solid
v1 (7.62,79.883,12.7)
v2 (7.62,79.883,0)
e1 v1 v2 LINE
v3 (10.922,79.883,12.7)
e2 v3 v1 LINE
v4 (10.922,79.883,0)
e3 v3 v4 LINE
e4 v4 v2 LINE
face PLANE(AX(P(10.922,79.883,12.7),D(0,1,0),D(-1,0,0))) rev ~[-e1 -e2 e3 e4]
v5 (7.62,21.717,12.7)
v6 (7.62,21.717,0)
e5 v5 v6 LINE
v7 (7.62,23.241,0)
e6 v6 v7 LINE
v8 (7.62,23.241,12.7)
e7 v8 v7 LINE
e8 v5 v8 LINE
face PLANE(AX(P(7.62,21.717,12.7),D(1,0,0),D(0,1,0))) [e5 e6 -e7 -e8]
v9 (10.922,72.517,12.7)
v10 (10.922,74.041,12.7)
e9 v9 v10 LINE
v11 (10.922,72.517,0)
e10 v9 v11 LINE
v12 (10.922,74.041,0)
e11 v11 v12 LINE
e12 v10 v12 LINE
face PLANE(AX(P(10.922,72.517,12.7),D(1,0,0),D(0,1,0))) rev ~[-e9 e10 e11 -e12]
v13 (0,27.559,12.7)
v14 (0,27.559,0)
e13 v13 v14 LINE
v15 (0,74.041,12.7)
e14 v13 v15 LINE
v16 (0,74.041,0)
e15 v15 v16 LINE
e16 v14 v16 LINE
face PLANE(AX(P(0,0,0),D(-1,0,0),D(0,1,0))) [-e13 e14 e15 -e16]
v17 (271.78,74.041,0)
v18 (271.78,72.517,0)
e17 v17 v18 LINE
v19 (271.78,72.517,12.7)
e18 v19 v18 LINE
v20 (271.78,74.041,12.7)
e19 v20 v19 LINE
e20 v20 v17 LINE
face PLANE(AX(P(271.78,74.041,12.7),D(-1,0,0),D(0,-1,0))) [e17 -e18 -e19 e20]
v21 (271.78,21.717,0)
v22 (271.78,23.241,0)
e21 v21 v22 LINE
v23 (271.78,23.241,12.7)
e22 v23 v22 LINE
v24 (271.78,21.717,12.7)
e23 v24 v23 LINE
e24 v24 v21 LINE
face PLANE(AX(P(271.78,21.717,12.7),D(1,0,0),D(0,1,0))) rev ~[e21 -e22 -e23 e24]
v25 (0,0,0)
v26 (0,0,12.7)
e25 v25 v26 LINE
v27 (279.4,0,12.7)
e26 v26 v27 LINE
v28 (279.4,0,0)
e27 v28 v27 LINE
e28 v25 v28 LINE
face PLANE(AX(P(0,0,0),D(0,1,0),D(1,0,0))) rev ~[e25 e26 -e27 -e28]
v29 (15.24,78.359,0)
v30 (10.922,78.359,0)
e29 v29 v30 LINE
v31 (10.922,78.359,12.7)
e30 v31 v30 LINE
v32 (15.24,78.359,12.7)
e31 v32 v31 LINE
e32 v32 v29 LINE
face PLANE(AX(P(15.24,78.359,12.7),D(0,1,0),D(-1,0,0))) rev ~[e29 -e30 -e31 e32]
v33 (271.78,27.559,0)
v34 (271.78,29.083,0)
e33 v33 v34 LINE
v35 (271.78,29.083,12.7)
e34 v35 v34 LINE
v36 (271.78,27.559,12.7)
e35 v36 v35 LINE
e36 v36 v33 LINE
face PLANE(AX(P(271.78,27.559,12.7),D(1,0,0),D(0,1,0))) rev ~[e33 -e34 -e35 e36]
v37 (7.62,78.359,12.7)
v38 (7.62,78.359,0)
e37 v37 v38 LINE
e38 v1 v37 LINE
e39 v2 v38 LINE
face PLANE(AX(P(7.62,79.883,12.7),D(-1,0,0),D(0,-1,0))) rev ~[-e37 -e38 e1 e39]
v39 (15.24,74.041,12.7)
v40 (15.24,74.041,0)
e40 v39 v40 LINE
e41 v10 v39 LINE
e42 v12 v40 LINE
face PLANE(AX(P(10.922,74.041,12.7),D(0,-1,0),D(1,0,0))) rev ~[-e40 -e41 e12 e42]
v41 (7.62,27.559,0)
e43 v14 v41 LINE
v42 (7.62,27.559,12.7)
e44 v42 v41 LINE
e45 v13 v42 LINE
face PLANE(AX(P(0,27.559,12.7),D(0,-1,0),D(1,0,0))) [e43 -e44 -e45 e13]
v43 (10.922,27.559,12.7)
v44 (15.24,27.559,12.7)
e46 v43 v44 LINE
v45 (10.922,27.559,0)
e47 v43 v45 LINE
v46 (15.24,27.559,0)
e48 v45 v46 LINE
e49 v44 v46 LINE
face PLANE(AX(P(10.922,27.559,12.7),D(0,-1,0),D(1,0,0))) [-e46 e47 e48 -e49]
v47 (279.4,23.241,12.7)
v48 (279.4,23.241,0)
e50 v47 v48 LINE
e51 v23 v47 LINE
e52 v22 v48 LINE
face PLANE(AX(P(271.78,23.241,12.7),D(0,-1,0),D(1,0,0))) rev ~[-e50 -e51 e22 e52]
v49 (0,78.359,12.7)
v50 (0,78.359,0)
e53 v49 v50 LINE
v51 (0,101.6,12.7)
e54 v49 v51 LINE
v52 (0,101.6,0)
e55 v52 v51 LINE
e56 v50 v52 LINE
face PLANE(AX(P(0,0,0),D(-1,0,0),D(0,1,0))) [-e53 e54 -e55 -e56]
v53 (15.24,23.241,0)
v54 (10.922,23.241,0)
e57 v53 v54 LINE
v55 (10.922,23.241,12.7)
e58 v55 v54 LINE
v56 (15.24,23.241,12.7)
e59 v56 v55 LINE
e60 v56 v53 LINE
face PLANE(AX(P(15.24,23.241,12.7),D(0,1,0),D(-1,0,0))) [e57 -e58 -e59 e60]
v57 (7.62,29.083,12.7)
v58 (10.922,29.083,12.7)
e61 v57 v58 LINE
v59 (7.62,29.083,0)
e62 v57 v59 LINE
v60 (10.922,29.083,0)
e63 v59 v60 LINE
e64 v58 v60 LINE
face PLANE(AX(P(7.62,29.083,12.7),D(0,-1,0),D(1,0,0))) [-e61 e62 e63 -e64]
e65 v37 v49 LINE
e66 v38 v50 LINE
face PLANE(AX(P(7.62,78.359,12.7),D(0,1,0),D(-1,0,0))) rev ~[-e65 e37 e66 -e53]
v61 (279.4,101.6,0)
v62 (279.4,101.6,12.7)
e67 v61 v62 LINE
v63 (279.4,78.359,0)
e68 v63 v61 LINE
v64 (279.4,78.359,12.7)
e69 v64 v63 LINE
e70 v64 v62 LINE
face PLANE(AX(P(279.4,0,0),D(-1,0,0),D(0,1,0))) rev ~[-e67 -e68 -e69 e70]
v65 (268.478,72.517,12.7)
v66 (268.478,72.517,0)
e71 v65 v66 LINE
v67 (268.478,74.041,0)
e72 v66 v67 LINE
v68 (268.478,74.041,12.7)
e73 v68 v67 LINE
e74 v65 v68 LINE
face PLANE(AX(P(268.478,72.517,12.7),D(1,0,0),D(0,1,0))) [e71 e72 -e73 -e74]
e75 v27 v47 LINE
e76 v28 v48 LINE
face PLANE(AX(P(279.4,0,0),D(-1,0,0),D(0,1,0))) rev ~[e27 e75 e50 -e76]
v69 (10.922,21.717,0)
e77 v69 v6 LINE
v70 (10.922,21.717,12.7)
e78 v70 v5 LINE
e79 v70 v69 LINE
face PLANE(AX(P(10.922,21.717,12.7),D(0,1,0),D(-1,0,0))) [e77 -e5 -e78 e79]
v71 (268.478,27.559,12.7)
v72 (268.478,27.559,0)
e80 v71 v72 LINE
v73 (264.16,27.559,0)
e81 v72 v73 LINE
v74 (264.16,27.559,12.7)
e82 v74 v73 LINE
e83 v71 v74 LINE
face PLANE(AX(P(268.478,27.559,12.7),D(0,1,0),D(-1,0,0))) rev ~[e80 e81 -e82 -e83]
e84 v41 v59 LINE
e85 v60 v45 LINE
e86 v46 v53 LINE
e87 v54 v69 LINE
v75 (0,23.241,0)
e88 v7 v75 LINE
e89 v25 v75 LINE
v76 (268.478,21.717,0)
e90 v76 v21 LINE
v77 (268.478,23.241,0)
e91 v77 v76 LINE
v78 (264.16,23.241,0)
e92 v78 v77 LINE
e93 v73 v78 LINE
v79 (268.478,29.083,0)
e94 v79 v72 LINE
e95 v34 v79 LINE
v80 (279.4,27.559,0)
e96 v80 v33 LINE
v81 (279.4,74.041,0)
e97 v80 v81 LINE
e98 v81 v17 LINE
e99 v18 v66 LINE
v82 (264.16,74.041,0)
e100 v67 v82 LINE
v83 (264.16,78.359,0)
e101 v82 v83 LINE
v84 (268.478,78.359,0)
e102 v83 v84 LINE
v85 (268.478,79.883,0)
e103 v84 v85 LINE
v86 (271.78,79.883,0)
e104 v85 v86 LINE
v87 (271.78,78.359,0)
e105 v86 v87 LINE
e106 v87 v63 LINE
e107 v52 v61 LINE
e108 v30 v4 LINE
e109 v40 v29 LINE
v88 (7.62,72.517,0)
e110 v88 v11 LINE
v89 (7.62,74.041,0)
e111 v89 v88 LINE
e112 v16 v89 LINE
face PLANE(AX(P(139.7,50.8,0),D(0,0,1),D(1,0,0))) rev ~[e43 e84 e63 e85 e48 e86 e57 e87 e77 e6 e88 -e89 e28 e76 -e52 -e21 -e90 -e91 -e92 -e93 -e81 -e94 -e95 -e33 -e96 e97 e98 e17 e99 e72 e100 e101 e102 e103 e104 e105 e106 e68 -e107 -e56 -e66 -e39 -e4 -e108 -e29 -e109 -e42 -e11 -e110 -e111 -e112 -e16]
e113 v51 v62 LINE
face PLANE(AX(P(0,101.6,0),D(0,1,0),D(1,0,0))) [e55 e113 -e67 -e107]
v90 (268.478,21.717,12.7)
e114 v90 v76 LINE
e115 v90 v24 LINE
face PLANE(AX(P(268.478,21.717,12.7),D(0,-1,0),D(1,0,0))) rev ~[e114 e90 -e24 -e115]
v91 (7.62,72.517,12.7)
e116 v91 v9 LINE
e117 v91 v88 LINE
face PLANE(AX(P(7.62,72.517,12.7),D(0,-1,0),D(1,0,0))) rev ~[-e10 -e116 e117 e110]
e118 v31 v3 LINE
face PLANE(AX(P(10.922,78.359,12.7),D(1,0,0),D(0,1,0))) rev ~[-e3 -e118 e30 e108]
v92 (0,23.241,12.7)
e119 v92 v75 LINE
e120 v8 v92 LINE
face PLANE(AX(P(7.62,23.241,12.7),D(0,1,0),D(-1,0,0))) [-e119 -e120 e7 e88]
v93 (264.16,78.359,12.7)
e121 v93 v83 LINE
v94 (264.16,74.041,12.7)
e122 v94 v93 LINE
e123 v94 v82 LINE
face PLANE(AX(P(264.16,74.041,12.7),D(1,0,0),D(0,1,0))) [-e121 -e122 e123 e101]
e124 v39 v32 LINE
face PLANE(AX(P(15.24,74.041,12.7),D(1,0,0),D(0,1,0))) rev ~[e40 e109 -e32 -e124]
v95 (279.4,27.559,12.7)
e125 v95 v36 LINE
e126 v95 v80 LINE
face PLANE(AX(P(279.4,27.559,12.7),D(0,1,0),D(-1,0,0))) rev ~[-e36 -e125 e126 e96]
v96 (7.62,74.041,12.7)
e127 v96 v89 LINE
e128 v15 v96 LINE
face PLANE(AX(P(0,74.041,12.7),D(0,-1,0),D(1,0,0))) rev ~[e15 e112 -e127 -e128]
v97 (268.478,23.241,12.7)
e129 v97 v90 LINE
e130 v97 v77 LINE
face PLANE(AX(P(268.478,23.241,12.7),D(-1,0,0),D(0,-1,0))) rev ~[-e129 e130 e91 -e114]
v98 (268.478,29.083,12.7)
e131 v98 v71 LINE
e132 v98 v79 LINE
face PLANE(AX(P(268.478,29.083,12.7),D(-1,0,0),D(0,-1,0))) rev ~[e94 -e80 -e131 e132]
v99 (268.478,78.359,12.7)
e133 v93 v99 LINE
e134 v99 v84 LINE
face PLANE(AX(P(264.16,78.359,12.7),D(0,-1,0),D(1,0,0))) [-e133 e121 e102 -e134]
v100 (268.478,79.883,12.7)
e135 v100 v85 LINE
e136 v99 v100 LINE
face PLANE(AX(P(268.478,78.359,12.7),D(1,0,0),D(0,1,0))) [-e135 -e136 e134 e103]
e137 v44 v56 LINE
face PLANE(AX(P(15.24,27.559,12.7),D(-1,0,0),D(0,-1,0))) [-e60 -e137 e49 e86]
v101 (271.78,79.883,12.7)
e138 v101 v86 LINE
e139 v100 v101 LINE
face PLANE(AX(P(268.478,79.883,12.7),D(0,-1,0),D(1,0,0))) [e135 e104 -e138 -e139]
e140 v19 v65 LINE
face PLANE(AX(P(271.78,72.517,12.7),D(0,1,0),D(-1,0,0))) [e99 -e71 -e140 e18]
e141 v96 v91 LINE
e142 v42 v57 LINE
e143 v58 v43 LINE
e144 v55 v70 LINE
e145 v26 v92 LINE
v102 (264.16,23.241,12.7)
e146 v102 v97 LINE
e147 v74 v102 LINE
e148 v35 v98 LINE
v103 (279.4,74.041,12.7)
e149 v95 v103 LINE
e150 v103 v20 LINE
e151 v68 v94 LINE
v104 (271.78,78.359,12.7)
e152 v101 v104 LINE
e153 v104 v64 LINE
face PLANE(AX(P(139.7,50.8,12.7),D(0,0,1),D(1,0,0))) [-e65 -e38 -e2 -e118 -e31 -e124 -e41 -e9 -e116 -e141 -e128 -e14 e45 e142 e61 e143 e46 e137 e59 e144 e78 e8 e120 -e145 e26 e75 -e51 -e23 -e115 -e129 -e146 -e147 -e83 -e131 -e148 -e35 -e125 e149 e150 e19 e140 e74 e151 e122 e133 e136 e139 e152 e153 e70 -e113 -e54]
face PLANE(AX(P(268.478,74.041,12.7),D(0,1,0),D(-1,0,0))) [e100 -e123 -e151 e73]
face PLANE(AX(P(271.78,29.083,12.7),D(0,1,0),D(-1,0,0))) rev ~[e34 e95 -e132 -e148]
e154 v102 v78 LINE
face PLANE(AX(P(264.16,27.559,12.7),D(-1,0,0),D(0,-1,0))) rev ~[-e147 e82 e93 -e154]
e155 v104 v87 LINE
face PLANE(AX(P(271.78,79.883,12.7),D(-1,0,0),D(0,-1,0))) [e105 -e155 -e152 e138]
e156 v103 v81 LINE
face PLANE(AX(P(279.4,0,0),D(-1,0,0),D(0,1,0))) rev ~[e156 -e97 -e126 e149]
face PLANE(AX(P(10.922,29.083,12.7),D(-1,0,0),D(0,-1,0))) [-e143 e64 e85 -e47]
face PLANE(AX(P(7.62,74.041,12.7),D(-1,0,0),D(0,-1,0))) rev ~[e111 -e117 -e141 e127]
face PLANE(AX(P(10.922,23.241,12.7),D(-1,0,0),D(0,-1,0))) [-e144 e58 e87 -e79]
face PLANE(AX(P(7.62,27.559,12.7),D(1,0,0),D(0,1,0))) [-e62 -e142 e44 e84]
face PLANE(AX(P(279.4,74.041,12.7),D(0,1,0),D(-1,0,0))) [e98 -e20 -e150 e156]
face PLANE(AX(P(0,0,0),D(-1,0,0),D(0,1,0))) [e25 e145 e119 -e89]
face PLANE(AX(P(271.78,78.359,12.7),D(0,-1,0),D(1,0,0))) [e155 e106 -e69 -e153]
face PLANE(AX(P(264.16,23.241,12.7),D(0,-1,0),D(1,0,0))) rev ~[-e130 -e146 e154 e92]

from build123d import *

# Parameters (mm, degrees)
SKETCH1_W           = 279.4
SKETCH1_H           = 101.6
BOSS_EXTRUDE1_DEPTH = 12.7
CUT_EXTRUDE1_DEPTH  = 298.570512652


with BuildPart() as part:
    # Sketch1 → Boss-Extrude1 (new body)
    with BuildSketch(Plane.XY):
        with Locations((139.7, 50.8)):
            Rectangle(SKETCH1_W, SKETCH1_H)
    extrude(amount=BOSS_EXTRUDE1_DEPTH)

    # Sketch2 → Cut-Extrude1 (cut, through all)
    with BuildSketch(Plane.XY.offset(12.7)):
        Polygon((279.4, 78.359), (279.4, 74.041), (271.78, 74.041), (271.78, 72.517), (268.478, 72.517), (268.478, 74.041), (264.16, 74.041), (264.16, 78.359), (268.478, 78.359), (268.478, 79.883), (271.78, 79.883), (271.78, 78.359), align=None)
        Polygon((271.78, 23.241), (279.4, 23.241), (279.4, 27.559), (271.78, 27.559), (271.78, 29.083), (268.478, 29.083), (268.478, 27.559), (264.16, 27.559), (264.16, 23.241), (268.478, 23.241), (268.478, 21.717), (271.78, 21.717), align=None)
        Polygon((0, 23.241), (0, 27.559), (7.62, 27.559), (7.62, 29.083), (10.922, 29.083), (10.922, 27.559), (15.24, 27.559), (15.24, 23.241), (10.922, 23.241), (10.922, 21.717), (7.62, 21.717), (7.62, 23.241), align=None)
        Polygon((7.62, 78.359), (0, 78.359), (0, 74.041), (7.62, 74.041), (7.62, 72.517), (10.922, 72.517), (10.922, 74.041), (15.24, 74.041), (15.24, 78.359), (10.922, 78.359), (10.922, 79.883), (7.62, 79.883), align=None)
    extrude(amount=-CUT_EXTRUDE1_DEPTH, mode=Mode.SUBTRACT)


solid = part.part
